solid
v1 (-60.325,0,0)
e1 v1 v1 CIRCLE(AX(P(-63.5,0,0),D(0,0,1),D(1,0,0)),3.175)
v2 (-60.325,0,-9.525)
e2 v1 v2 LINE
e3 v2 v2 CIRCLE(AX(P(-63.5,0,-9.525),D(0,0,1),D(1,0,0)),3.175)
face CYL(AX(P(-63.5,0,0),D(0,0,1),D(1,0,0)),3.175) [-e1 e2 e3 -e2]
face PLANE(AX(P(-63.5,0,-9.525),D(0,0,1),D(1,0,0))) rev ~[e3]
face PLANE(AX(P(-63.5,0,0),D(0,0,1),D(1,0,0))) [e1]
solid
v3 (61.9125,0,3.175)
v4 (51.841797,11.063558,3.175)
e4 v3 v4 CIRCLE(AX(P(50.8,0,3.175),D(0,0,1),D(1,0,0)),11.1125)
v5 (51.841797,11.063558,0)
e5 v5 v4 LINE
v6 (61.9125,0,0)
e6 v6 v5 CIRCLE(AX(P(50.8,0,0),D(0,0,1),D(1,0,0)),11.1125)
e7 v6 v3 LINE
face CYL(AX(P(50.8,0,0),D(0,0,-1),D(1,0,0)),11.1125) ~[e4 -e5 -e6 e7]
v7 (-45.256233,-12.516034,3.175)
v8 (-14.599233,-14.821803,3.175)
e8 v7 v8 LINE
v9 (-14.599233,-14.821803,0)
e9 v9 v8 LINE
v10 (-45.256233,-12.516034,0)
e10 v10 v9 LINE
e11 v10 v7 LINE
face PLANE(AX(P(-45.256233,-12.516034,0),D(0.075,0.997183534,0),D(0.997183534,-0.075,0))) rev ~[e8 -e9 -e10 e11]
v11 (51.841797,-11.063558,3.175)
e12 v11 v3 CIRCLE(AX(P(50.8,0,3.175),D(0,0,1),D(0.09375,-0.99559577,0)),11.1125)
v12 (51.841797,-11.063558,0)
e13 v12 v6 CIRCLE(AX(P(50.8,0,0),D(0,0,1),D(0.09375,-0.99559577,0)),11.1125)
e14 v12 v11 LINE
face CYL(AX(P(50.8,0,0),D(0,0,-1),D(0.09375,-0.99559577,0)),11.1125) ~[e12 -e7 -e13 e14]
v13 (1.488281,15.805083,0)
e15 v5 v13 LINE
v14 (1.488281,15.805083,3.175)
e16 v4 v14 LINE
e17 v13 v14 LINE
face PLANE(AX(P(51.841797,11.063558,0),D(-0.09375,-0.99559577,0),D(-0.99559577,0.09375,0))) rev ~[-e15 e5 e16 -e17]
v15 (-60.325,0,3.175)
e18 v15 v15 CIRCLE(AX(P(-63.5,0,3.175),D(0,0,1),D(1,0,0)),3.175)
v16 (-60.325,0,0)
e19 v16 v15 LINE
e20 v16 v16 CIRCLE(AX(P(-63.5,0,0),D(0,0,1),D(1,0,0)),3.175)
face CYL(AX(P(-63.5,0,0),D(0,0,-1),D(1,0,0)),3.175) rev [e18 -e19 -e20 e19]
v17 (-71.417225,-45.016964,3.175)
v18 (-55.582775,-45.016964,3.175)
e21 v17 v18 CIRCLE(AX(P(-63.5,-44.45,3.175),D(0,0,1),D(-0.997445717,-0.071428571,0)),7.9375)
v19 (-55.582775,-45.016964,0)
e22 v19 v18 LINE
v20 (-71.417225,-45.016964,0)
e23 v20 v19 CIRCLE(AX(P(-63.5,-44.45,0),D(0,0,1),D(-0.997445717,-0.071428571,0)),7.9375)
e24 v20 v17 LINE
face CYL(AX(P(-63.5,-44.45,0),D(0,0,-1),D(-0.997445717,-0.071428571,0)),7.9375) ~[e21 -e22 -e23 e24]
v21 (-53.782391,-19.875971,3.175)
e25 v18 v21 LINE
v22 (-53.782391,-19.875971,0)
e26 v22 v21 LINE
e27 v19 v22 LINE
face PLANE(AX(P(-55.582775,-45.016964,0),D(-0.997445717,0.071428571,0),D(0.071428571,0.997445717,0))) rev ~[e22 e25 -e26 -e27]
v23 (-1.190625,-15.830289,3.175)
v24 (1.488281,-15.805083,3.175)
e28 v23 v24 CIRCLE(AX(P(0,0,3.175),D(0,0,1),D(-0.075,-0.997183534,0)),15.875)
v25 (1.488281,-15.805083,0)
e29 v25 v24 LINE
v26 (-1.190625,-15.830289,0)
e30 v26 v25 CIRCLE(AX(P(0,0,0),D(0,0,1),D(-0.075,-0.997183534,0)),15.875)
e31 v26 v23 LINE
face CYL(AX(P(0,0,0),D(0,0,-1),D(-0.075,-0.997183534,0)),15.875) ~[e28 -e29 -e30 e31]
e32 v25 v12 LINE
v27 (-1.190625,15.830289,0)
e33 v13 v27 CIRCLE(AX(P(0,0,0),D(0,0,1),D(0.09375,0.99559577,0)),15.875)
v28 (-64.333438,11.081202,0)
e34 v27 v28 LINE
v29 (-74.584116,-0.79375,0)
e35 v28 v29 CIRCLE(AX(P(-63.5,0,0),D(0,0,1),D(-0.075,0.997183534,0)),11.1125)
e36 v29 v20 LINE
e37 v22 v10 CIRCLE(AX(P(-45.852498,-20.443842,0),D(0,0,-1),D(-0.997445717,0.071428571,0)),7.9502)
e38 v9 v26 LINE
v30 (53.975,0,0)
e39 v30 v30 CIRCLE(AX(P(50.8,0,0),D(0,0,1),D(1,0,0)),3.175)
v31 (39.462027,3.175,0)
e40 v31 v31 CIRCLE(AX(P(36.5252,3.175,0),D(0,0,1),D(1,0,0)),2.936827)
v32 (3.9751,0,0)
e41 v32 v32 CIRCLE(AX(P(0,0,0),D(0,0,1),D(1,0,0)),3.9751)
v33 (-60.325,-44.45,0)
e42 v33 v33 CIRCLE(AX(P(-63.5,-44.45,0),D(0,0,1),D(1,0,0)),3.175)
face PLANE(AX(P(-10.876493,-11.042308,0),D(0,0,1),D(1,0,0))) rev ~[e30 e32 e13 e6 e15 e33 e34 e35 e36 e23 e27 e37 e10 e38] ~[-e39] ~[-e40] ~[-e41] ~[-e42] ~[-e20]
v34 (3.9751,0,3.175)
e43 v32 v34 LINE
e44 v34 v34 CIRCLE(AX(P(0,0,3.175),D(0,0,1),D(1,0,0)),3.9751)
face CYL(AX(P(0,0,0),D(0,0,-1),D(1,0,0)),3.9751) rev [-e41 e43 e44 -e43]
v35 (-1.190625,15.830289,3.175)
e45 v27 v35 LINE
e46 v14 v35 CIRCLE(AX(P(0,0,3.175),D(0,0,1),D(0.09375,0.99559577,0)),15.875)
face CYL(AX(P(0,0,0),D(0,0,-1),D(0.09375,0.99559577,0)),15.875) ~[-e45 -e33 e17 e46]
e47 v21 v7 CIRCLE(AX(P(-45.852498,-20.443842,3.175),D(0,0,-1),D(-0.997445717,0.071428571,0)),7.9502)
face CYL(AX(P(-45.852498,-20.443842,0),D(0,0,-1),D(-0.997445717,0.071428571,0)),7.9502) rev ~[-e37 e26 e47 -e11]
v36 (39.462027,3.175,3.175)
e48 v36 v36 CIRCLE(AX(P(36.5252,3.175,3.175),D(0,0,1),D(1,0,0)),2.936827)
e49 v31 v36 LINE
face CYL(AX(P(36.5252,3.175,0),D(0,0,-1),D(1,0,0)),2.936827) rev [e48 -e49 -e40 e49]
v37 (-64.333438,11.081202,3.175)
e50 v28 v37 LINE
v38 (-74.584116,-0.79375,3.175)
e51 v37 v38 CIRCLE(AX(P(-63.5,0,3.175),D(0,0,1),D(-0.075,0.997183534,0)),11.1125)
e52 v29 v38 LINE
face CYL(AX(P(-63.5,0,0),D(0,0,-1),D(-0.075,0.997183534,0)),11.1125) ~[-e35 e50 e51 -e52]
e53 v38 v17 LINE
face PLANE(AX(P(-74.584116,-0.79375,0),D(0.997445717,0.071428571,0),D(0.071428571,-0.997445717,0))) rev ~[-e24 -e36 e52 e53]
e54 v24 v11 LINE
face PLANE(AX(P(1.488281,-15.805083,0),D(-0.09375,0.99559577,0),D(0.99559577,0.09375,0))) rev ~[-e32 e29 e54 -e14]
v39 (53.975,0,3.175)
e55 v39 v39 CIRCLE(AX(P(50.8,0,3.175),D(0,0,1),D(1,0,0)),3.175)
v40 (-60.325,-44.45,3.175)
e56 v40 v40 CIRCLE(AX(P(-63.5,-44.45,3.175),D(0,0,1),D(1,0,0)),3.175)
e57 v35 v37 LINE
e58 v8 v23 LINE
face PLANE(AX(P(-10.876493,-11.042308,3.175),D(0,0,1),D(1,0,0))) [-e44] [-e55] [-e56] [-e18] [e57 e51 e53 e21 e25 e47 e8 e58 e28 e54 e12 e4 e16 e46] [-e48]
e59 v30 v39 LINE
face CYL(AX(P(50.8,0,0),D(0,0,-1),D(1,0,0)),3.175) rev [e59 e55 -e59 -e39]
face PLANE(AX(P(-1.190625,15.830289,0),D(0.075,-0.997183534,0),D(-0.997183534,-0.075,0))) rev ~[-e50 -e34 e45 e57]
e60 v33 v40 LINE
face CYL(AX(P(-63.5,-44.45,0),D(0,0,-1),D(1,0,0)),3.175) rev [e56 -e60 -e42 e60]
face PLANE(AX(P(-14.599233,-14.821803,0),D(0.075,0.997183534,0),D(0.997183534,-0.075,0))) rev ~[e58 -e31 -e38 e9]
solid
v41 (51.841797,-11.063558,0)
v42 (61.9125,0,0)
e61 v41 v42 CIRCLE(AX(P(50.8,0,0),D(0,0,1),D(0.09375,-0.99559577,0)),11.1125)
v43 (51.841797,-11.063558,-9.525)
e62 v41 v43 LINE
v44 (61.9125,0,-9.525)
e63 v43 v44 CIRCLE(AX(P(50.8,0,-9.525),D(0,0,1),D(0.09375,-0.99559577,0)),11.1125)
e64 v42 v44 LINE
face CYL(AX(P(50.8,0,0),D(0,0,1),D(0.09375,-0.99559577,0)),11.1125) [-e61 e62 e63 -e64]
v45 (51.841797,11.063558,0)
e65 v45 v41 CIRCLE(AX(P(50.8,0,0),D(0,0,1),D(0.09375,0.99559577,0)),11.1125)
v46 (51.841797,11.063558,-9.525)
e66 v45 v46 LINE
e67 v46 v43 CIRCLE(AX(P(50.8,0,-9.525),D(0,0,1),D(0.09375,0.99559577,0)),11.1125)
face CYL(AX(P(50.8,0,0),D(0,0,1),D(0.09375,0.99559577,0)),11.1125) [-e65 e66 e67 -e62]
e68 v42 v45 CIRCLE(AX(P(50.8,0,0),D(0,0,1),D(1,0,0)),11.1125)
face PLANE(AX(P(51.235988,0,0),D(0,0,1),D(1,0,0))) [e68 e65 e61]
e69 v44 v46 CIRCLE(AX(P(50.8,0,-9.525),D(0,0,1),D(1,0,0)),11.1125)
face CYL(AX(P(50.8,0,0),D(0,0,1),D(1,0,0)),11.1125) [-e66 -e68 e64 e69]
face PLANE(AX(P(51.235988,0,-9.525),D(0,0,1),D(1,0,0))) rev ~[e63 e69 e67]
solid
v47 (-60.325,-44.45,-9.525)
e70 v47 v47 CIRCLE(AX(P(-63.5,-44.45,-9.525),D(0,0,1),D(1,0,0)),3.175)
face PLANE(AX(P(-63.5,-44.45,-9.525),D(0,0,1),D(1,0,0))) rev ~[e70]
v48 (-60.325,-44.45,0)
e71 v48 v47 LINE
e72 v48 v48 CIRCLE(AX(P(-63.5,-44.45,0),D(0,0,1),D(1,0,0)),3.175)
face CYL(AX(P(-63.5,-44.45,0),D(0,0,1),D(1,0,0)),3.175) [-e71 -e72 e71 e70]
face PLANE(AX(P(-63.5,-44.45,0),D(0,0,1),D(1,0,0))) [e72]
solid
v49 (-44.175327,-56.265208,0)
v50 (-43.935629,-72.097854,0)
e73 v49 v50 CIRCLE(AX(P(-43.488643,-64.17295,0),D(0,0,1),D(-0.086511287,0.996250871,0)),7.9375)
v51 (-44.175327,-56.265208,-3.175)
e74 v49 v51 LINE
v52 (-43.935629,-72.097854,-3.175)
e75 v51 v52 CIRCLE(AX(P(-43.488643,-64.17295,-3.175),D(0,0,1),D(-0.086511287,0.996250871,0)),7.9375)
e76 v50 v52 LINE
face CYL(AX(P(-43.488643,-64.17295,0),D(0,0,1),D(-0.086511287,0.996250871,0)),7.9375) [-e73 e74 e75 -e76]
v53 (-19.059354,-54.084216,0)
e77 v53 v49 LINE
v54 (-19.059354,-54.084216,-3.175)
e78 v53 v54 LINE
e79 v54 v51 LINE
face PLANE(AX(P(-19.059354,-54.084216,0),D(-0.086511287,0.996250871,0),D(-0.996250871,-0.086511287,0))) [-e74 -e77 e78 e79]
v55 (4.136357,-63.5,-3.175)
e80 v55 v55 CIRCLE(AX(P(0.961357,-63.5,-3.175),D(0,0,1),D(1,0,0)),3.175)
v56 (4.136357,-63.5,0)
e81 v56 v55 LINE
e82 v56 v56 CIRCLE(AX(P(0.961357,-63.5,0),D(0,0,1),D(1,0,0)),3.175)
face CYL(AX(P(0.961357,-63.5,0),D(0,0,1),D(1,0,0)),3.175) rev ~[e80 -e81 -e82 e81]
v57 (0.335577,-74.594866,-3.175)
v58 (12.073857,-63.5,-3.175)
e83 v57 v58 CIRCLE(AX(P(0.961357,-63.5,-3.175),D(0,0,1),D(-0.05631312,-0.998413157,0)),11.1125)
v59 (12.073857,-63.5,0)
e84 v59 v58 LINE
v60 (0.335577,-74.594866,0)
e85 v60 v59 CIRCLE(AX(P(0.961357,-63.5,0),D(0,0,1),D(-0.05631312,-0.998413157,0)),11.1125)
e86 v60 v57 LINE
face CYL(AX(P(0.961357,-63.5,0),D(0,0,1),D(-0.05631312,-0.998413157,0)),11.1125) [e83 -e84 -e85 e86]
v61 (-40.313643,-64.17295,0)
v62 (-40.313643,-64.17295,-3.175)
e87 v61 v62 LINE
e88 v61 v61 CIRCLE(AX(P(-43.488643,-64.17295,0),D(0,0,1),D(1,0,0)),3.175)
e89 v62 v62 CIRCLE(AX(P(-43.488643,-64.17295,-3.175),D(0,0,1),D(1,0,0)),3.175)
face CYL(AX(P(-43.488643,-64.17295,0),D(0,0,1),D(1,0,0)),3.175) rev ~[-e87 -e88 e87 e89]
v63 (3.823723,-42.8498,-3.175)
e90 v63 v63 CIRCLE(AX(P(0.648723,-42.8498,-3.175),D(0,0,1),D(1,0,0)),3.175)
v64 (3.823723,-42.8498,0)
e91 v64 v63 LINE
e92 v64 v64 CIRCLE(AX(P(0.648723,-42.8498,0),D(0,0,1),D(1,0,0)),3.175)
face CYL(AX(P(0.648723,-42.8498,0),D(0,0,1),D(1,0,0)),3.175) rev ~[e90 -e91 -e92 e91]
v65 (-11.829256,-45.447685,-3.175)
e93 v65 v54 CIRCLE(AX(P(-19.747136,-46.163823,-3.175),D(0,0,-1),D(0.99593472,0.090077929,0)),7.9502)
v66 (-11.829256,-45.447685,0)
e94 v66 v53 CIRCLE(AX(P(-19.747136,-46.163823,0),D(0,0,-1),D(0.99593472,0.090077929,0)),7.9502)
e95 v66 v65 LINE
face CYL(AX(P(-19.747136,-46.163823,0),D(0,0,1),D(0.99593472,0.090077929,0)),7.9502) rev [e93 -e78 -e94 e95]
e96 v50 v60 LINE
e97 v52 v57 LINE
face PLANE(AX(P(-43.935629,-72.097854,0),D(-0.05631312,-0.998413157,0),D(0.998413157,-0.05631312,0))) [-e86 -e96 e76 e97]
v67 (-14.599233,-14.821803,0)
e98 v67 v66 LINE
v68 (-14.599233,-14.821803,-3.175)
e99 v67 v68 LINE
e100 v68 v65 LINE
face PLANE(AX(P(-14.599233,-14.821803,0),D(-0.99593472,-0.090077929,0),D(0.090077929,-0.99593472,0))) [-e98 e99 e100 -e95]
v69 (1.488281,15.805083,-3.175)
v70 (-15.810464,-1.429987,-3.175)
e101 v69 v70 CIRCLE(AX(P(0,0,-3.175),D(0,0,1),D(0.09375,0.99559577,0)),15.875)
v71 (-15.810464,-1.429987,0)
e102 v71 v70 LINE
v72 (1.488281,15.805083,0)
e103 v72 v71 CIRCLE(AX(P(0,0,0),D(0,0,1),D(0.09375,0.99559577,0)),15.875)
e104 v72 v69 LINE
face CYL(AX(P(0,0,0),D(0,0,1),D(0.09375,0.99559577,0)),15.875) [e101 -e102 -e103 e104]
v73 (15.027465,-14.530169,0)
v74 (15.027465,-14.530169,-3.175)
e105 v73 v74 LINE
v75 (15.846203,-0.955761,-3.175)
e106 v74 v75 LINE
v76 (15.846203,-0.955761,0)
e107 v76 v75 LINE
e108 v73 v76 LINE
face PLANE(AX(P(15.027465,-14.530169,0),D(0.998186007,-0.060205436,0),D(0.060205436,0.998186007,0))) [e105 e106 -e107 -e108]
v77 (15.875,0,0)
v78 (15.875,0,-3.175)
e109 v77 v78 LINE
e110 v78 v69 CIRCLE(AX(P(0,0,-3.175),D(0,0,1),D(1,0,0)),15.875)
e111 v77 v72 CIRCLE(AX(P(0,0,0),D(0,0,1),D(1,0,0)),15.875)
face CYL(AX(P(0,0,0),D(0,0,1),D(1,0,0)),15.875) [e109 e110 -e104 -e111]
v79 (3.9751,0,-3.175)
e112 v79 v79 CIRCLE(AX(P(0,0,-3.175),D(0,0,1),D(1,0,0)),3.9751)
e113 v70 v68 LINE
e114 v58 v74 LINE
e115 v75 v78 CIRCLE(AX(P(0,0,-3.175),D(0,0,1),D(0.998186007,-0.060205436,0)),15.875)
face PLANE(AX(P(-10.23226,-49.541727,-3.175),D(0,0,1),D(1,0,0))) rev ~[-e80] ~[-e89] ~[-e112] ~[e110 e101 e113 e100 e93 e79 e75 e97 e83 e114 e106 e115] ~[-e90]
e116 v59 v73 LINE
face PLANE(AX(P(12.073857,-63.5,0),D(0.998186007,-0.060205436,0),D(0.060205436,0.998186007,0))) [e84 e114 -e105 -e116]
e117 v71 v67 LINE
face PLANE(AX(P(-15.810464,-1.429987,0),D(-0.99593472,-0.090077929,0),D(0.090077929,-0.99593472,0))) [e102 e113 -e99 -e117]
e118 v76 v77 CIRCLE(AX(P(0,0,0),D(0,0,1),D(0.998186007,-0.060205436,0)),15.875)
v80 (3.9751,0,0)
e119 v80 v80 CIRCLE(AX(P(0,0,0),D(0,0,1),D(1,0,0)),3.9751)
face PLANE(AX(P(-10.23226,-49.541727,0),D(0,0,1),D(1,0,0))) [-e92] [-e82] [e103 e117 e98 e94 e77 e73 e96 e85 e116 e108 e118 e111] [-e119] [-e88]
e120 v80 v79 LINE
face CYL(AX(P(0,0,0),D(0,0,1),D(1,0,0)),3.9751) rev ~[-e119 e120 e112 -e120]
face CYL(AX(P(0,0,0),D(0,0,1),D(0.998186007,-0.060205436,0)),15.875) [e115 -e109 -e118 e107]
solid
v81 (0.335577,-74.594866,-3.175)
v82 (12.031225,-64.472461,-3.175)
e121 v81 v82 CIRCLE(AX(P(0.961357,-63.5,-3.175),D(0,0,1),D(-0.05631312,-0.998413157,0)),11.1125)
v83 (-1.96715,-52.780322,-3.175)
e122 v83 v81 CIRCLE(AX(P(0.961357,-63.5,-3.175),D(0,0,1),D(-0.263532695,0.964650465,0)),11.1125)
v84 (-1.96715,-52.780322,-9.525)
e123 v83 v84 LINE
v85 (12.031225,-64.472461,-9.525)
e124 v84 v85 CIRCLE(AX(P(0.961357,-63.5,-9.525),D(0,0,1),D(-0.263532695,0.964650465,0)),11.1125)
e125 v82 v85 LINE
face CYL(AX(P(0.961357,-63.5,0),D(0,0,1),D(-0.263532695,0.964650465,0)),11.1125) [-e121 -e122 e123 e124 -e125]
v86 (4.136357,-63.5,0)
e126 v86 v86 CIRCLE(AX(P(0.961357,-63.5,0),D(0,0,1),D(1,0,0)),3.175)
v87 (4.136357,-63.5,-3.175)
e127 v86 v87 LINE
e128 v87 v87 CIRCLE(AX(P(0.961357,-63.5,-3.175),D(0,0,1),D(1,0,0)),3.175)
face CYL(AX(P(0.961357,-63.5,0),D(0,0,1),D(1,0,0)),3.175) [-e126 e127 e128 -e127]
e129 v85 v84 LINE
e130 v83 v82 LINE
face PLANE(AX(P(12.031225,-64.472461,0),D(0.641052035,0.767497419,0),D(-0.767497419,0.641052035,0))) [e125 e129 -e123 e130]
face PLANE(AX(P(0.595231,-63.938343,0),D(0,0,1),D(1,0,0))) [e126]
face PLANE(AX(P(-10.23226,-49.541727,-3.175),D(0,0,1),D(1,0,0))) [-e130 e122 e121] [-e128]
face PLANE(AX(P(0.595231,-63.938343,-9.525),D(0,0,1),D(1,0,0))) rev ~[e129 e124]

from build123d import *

# Parameters (mm, degrees)
F0_R     = 3.9751
F0_R_2   = 2.9368273142
F0_R_3   = 3.175
F1_DEPTH = 3.175
F2_DEPTH = 3.175
F6_DEPTH = 9.525


with BuildPart() as f1:
    # F0 (on Top) → F1 (new body)
    with BuildSketch(Plane.XY):
        with BuildLine():
            Line((-15.8104636817, -1.4299871225), (-14.5992326801, -14.8218026558))
            Line((-14.5992326801, -14.8218026558), (-1.190625, -15.8302885984))
            ThreePointArc((-1.190625, -15.8302885984), (-11.1400819, -11.3099160147), (-15.8104636817, -1.4299871225))
        make_face()
        with BuildLine():
            ThreePointArc((1.48828125, 15.8050828508), (0.1493607821, 15.87429735), (-1.190625, 15.8302885984))
            ThreePointArc((-1.190625, 15.8302885984), (-12.1135681606, 10.2604625343), (-15.8104636817, -1.4299871225))
            ThreePointArc((-15.8104636817, -1.4299871225), (-11.1400819, -11.3099160147), (-1.190625, -15.8302885984))
            ThreePointArc((-1.190625, -15.8302885984), (0.1493607821, -15.87429735), (1.48828125, -15.8050828508))
            ThreePointArc((1.48828125, -15.8050828508), (11.4125664299, -11.034897031), (15.8462028679, -0.955761303))
            ThreePointArc((15.8462028679, -0.955761303), (15.8677990838, -0.478097517), (15.875, 0))
            ThreePointArc((15.875, 0), (11.7397208196, 10.6861864142), (1.48828125, 15.8050828508))
        make_face()
        Circle(F0_R, mode=Mode.SUBTRACT)
        with BuildLine():
            ThreePointArc((15.8462028679, -0.955761303), (11.4125664299, -11.034897031), (1.48828125, -15.8050828508))
            Line((1.48828125, -15.8050828508), (15.0274645187, -14.5301694075))
            Line((15.0274645187, -14.5301694075), (15.8462028679, -0.955761303))
        make_face()
        with BuildLine():
            Line((51.841796875, 11.0635579956), (1.48828125, 15.8050828508))
            ThreePointArc((1.48828125, 15.8050828508), (11.7397208196, 10.6861864142), (15.875, 0))
            ThreePointArc((15.875, 0), (15.8677990838, -0.478097517), (15.8462028679, -0.955761303))
            Line((15.8462028679, -0.955761303), (15.0274645187, -14.5301694075))
            Line((15.0274645187, -14.5301694075), (51.841796875, -11.0635579956))
            ThreePointArc((51.841796875, -11.0635579956), (39.6875, 0), (51.841796875, 11.0635579956))
        make_face()
        with Locations((36.5252, 3.175)):
            Circle(F0_R_2, mode=Mode.SUBTRACT)
        with BuildLine():
            ThreePointArc((61.9125, 0), (59.0178045737, 7.4803304899), (51.841796875, 11.0635579956))
            ThreePointArc((51.841796875, 11.0635579956), (39.6875, 0), (51.841796875, -11.0635579956))
            ThreePointArc((51.841796875, -11.0635579956), (59.0178045737, -7.4803304899), (61.9125, 0))
        make_face()
        with Locations((50.8, 0)):
            Circle(F0_R_3, mode=Mode.SUBTRACT)
        with BuildLine():
            ThreePointArc((-71.417225382, -45.0169642857), (-63.7836633398, -36.5175702739), (-55.5625, -44.45))
            ThreePointArc((-55.5625, -44.45), (-55.5675702739, -44.7336633398), (-55.582774618, -45.0169642857))
            Line((-55.582774618, -45.0169642857), (-53.7823906678, -19.875970633))
            ThreePointArc((-53.7823906678, -19.875970633), (-51.0474657939, -14.4257039105), (-45.2562327252, -12.5160335315))
            Line((-45.2562327252, -12.5160335315), (-14.5992326801, -14.8218026558))
            Line((-14.5992326801, -14.8218026558), (-15.8104636817, -1.4299871225))
            ThreePointArc((-15.8104636817, -1.4299871225), (-12.1135681606, 10.2604625343), (-1.190625, 15.8302885984))
            Line((-1.190625, 15.8302885984), (-64.3334375, 11.0812020189))
            ThreePointArc((-64.3334375, 11.0812020189), (-55.9426829486, 8.1470617547), (-52.3875, 0))
            ThreePointArc((-52.3875, 0), (-63.1028713243, -11.1054016166), (-74.5841155347, -0.79375))
            Line((-74.5841155347, -0.79375), (-71.417225382, -45.0169642857))
        make_face()
        with BuildLine():
            ThreePointArc((-55.582774618, -45.0169642857), (-55.5675702739, -44.7336633398), (-55.5625, -44.45))
            ThreePointArc((-55.5625, -44.45), (-63.7836633398, -36.5175702739), (-71.417225382, -45.0169642857))
            ThreePointArc((-71.417225382, -45.0169642857), (-63.5, -52.3875), (-55.582774618, -45.0169642857))
        make_face()
        with Locations((-63.5, -44.45)):
            Circle(F0_R_3, mode=Mode.SUBTRACT)
        with BuildLine():
            ThreePointArc((-64.3334375, 11.0812020189), (-71.9119343166, 7.2613371567), (-74.5841155347, -0.79375))
            ThreePointArc((-74.5841155347, -0.79375), (-63.1028713243, -11.1054016166), (-52.3875, 0))
            ThreePointArc((-52.3875, 0), (-55.9426829486, 8.1470617547), (-64.3334375, 11.0812020189))
        make_face()
        with Locations((-63.5, 0)):
            Circle(F0_R_3, mode=Mode.SUBTRACT)
    extrude(amount=F1_DEPTH)


with BuildPart() as f2:
    # F0 (on Top) → F2 (new body)
    with BuildSketch(Plane.XY):
        with BuildLine():
            Line((-1.190625, -15.8302885984), (-14.5992326801, -14.8218026558))
            Line((-14.5992326801, -14.8218026558), (-11.8292558733, -45.4476852336))
            ThreePointArc((-11.8292558733, -45.4476852336), (-13.6510903541, -51.2671458673), (-19.0593540531, -54.0842164564))
            Line((-19.0593540531, -54.0842164564), (-44.1753266645, -56.2652083861))
            ThreePointArc((-44.1753266645, -56.2652083861), (-38.1242534608, -58.3225456153), (-35.5511433259, -64.1729496719))
            ThreePointArc((-35.5511433259, -64.1729496719), (-38.0363062259, -69.941478635), (-43.9356287176, -72.0978541073))
            Line((-43.9356287176, -72.0978541073), (0.3355771258, -74.5948662095))
            ThreePointArc((0.3355771258, -74.5948662095), (-6.6719152658, -55.4240594516), (12.0738566741, -63.5))
            Line((12.0738566741, -63.5), (15.0274645187, -14.5301694075))
            Line((15.0274645187, -14.5301694075), (1.48828125, -15.8050828508))
            ThreePointArc((1.48828125, -15.8050828508), (0.1493607821, -15.87429735), (-1.190625, -15.8302885984))
        make_face()
        with Locations((0.6487234837, -42.8498)):
            Circle(F0_R_3, mode=Mode.SUBTRACT)
        with BuildLine():
            ThreePointArc((0.3355771258, -74.5948662095), (8.5946286141, -71.5759405484), (12.0738566741, -63.5))
            ThreePointArc((12.0738566741, -63.5), (-6.6719152658, -55.4240594516), (0.3355771258, -74.5948662095))
        make_face()
        with Locations((0.9613566741, -63.5)):
            Circle(F0_R_3, mode=Mode.SUBTRACT)
        with BuildLine():
            ThreePointArc((-35.5511433259, -64.1729496719), (-38.1242534608, -58.3225456153), (-44.1753266645, -56.2652083861))
            ThreePointArc((-44.1753266645, -56.2652083861), (-51.42523383, -64.2931054869), (-43.9356287176, -72.0978541073))
            ThreePointArc((-43.9356287176, -72.0978541073), (-38.0363062259, -69.941478635), (-35.5511433259, -64.1729496719))
        make_face()
        with Locations((-43.4886433259, -64.1729496719)):
            Circle(F0_R_3, mode=Mode.SUBTRACT)
        with BuildLine():
            ThreePointArc((15.8462028679, -0.955761303), (11.4125664299, -11.034897031), (1.48828125, -15.8050828508))
            Line((1.48828125, -15.8050828508), (15.0274645187, -14.5301694075))
            Line((15.0274645187, -14.5301694075), (15.8462028679, -0.955761303))
        make_face()
        with BuildLine():
            ThreePointArc((1.48828125, 15.8050828508), (0.1493607821, 15.87429735), (-1.190625, 15.8302885984))
            ThreePointArc((-1.190625, 15.8302885984), (-12.1135681606, 10.2604625343), (-15.8104636817, -1.4299871225))
            ThreePointArc((-15.8104636817, -1.4299871225), (-11.1400819, -11.3099160147), (-1.190625, -15.8302885984))
            ThreePointArc((-1.190625, -15.8302885984), (0.1493607821, -15.87429735), (1.48828125, -15.8050828508))
            ThreePointArc((1.48828125, -15.8050828508), (11.4125664299, -11.034897031), (15.8462028679, -0.955761303))
            ThreePointArc((15.8462028679, -0.955761303), (15.8677990838, -0.478097517), (15.875, 0))
            ThreePointArc((15.875, 0), (11.7397208196, 10.6861864142), (1.48828125, 15.8050828508))
        make_face()
        Circle(F0_R, mode=Mode.SUBTRACT)
        with BuildLine():
            Line((-15.8104636817, -1.4299871225), (-14.5992326801, -14.8218026558))
            Line((-14.5992326801, -14.8218026558), (-1.190625, -15.8302885984))
            ThreePointArc((-1.190625, -15.8302885984), (-11.1400819, -11.3099160147), (-15.8104636817, -1.4299871225))
        make_face()
    extrude(amount=-F2_DEPTH)


with BuildPart() as f6:
    # F3 (on face) → F6 (new body, through all)
    with BuildSketch(Plane.XY):
        with BuildLine():
            Line((12.031224592, -64.4724610689), (-1.9671503943, -52.7803217119))
            ThreePointArc((-1.9671503943, -52.7803217119), (-6.1623340692, -72.0288150668), (12.031224592, -64.4724610689))
        make_face()
    extrude(amount=-F6_DEPTH)

    # F7: cut F2
    add(f2.part, mode=Mode.SUBTRACT)


with BuildPart() as f6b:
    # F0 (on Top) → F6, piece 2 (new body, through all)
    with BuildSketch(Plane.XY):
        with BuildLine():
            ThreePointArc((61.9125, 0), (59.0178045737, 7.4803304899), (51.841796875, 11.0635579956))
            ThreePointArc((51.841796875, 11.0635579956), (39.6875, 0), (51.841796875, -11.0635579956))
            ThreePointArc((51.841796875, -11.0635579956), (59.0178045737, -7.4803304899), (61.9125, 0))
        make_face()
        with Locations((50.8, 0)):
            Circle(F0_R_3, mode=Mode.SUBTRACT)
        with Locations((50.8, 0)):
            Circle(F0_R_3)
    extrude(amount=-F6_DEPTH)


with BuildPart() as f6c:
    # F0 (on Top) → F6, piece 3 (new body, through all)
    with BuildSketch(Plane.XY):
        with Locations((-63.5, -44.45)):
            Circle(F0_R_3)
    extrude(amount=-F6_DEPTH)


with BuildPart() as f6d:
    # F0 (on Top) → F6, piece 4 (new body, through all)
    with BuildSketch(Plane.XY):
        with Locations((-63.5, 0)):
            Circle(F0_R_3)
    extrude(amount=-F6_DEPTH)


solid = Compound([f1.part, f2.part, f6.part, f6b.part, f6c.part, f6d.part])
